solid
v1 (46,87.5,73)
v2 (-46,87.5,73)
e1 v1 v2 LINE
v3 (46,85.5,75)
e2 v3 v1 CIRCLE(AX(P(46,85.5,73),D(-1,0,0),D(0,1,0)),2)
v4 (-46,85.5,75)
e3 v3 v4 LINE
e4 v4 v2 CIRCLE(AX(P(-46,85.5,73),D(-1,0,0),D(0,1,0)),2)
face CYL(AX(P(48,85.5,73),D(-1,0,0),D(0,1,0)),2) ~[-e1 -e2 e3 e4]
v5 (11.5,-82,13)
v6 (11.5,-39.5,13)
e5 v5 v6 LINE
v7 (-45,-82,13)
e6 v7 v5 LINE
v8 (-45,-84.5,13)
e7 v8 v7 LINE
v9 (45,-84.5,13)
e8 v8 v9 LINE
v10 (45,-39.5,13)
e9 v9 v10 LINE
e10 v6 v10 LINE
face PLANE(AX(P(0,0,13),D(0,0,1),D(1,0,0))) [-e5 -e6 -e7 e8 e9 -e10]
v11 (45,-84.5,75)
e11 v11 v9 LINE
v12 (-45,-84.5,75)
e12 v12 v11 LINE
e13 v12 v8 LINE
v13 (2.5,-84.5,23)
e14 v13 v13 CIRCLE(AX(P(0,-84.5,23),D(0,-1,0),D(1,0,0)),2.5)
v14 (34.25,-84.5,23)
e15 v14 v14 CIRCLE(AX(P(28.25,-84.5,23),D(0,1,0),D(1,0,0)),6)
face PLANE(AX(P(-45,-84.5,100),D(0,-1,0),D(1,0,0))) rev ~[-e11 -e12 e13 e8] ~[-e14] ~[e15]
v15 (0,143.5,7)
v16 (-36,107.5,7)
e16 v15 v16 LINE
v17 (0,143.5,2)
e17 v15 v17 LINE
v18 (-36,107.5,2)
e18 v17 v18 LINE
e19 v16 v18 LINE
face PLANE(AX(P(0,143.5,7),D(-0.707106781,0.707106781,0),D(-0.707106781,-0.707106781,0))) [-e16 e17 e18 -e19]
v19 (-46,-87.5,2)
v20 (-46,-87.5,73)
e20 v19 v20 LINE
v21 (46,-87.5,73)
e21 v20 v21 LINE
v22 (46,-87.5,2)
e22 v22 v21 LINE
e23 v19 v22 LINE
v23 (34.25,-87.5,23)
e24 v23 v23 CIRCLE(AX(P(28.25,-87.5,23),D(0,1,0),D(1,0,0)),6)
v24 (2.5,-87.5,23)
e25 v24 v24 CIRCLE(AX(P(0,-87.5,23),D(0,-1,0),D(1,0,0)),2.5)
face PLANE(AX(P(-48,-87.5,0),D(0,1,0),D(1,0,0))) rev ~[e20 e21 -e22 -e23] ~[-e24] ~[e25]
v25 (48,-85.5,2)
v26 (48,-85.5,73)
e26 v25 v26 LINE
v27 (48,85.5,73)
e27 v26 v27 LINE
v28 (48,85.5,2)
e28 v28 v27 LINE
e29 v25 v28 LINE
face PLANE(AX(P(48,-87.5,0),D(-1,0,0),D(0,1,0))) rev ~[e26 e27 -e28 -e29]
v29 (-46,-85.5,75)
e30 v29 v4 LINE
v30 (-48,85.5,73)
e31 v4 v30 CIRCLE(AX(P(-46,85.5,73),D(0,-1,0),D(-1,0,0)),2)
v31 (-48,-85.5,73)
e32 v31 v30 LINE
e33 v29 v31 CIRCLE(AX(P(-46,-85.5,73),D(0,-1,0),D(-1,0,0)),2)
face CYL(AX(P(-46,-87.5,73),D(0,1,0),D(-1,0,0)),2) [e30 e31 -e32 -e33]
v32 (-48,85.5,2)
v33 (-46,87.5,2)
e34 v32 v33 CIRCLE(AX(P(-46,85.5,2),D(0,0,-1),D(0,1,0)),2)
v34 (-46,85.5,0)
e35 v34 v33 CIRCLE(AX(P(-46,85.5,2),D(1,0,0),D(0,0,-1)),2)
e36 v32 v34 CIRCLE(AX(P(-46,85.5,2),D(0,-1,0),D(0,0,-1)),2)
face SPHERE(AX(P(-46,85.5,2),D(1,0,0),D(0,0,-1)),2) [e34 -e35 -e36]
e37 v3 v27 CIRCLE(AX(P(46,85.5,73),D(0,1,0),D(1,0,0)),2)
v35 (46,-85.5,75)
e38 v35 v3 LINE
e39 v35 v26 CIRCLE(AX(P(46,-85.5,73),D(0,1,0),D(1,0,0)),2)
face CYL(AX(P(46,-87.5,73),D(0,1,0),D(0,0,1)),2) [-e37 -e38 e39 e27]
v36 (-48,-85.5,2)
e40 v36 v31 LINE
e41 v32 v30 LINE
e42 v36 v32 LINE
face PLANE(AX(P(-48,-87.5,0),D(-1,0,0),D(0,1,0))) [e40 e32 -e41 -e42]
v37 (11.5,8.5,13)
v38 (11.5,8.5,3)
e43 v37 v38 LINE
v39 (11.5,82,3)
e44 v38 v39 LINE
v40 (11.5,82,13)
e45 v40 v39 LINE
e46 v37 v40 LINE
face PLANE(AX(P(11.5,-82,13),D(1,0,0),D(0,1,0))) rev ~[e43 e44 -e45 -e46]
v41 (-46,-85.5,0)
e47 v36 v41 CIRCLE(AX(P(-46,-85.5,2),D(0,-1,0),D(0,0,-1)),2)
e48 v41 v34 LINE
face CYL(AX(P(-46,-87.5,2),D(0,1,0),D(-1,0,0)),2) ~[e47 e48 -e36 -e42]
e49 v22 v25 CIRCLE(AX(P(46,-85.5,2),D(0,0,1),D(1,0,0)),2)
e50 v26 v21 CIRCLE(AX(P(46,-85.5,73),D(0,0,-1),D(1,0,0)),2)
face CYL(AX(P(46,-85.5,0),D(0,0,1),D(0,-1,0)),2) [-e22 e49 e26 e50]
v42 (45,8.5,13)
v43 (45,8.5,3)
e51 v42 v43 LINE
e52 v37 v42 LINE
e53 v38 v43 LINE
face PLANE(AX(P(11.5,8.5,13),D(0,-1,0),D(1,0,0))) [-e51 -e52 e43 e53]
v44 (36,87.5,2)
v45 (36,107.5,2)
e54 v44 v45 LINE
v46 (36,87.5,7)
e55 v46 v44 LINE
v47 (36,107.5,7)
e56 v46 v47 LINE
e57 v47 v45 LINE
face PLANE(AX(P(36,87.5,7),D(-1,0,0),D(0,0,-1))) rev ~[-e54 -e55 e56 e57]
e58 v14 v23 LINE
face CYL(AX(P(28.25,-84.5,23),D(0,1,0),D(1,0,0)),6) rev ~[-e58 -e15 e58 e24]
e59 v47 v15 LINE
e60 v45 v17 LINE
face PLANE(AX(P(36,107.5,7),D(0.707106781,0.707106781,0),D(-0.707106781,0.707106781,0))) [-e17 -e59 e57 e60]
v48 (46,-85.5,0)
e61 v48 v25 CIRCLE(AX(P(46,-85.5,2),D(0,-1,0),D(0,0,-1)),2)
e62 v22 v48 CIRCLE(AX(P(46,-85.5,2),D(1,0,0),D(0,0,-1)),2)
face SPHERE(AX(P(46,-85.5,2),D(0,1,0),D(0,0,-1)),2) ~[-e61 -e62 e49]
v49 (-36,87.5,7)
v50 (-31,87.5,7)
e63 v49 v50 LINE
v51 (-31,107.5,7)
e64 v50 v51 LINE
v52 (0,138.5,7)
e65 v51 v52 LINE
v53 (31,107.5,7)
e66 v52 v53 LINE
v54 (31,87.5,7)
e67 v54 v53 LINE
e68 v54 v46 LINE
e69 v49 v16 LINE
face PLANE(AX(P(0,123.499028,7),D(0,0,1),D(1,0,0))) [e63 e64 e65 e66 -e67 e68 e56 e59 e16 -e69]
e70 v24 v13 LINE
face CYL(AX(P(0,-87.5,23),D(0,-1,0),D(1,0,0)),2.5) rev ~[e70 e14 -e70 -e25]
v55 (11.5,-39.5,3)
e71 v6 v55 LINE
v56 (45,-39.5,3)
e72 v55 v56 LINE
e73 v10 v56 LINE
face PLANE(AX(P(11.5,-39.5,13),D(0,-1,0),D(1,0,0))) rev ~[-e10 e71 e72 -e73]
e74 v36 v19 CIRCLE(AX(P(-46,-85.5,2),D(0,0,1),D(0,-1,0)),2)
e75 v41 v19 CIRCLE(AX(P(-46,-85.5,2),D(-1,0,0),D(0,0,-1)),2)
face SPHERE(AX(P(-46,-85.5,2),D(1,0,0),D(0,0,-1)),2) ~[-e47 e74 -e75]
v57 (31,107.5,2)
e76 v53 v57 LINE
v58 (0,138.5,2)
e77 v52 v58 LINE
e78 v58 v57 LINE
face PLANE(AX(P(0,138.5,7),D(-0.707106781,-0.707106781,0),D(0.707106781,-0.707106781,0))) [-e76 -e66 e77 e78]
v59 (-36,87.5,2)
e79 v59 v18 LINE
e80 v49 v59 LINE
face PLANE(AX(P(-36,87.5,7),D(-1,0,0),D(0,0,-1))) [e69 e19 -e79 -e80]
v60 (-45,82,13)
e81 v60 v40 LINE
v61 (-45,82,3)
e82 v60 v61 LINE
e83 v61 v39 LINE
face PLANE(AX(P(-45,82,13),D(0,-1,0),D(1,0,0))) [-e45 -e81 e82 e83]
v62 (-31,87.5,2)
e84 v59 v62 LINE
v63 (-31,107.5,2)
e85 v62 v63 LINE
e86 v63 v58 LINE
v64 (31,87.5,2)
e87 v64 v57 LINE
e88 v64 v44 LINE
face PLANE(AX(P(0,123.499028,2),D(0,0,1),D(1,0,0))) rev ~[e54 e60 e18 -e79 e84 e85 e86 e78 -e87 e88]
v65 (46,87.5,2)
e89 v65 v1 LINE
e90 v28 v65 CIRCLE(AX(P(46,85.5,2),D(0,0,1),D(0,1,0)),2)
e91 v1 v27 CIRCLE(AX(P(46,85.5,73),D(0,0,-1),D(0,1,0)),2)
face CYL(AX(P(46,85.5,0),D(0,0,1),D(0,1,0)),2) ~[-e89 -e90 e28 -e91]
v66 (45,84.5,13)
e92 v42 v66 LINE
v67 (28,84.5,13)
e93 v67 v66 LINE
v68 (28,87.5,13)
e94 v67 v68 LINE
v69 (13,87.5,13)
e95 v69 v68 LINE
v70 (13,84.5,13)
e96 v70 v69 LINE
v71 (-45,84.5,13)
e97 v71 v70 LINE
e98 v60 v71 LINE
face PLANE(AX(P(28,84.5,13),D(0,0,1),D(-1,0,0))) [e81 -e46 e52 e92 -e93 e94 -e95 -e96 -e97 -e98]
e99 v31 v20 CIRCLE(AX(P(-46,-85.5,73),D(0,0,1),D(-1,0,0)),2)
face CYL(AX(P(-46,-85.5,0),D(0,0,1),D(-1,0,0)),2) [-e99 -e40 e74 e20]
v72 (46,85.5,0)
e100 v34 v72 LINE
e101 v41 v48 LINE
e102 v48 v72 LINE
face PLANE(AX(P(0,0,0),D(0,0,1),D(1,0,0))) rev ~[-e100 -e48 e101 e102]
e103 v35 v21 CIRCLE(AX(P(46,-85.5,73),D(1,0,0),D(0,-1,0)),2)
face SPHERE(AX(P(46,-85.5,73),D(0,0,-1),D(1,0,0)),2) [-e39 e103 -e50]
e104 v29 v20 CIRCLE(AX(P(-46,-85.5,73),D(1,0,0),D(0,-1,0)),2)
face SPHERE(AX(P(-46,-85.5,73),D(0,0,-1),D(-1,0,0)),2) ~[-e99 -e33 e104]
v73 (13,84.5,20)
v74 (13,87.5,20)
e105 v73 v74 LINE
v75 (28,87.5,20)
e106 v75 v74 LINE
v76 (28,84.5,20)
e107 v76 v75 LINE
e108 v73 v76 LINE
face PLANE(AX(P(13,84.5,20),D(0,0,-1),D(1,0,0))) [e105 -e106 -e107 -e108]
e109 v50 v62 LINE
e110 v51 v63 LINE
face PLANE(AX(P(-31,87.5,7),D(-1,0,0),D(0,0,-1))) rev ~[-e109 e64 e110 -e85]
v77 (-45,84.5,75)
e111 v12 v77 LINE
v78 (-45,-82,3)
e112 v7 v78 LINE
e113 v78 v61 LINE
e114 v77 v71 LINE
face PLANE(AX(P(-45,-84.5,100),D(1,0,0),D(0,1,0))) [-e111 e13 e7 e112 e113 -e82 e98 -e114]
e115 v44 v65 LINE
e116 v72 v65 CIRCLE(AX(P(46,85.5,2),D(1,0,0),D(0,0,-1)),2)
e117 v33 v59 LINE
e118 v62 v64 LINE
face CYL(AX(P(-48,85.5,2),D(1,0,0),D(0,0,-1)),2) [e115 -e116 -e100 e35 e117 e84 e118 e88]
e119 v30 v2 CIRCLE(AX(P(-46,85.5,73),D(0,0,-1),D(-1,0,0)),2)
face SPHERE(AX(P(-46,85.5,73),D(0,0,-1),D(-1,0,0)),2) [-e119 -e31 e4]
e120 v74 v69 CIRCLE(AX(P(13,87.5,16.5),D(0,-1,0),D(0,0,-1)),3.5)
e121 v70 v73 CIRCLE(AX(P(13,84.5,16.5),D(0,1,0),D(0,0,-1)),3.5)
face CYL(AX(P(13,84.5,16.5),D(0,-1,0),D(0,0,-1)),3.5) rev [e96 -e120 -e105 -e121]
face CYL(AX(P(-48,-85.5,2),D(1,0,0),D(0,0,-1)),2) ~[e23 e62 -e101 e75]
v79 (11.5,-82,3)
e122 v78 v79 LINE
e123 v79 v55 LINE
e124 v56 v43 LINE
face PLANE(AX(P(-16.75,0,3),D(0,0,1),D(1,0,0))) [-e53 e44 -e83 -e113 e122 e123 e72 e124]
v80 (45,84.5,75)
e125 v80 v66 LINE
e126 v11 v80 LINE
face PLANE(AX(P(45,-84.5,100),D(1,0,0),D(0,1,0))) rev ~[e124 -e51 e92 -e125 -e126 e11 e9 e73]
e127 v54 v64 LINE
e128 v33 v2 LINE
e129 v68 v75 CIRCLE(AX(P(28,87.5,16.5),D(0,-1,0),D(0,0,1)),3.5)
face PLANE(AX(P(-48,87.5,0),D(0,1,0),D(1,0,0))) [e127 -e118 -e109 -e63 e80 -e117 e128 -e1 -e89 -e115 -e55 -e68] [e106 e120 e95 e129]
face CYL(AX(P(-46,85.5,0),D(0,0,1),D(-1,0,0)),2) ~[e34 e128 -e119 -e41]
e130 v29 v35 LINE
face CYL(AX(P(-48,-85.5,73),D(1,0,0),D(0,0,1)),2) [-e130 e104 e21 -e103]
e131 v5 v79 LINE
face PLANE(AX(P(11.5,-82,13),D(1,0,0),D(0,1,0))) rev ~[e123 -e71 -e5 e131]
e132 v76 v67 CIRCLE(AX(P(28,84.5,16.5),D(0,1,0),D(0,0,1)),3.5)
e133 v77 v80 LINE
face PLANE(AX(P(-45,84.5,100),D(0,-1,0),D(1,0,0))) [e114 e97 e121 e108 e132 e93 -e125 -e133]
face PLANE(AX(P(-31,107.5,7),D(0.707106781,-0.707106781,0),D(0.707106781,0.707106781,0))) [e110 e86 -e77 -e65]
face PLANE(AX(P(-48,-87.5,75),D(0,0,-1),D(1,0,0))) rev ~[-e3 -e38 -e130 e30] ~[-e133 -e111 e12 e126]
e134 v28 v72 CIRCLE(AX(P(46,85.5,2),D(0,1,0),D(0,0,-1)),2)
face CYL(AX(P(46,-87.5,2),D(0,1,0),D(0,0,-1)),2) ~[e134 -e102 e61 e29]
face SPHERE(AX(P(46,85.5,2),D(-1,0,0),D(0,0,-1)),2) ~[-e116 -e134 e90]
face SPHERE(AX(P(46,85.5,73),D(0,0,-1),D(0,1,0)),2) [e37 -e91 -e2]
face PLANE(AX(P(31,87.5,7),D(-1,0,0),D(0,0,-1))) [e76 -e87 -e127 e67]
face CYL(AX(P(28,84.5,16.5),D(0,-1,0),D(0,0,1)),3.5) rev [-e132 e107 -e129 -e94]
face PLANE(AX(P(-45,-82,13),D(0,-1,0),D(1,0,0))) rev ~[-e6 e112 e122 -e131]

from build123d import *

# Parameters (mm, degrees)
SKETCH1_W           = 96
SKETCH1_H           = 175
BOSS_EXTRUDE1_DEPTH = 100
SKETCH2_W           = 90
SKETCH2_H           = 169
CUT_EXTRUDE1_DEPTH  = 87
SKETCH3_W           = 56.5
SKETCH3_H           = 164
CUT_EXTRUDE2_DEPTH  = 10
SKETCH5_R           = 6
CUT_EXTRUDE3_DEPTH  = 10
SKETCH6_W           = 33.5
SKETCH6_H           = 48
CUT_EXTRUDE4_DEPTH  = 10
CUT_EXTRUDE6_DEPTH  = 10
SKETCH10_W          = 96
SKETCH10_H          = 25
CUT_EXTRUDE8_DEPTH  = 200
FILLET1_R           = 2
SKETCH11_R          = 2.5
CUT_EXTRUDE9_DEPTH  = 5
SKETCH12_W          = 5
SKETCH12_H          = 5
BOSS_EXTRUDE2_DEPTH = 20
BOSS_EXTRUDE5_DEPTH = 5


with BuildPart() as part:
    # Sketch1 → Boss-Extrude1 (new body)
    with BuildSketch(Plane.XY):
        Rectangle(SKETCH1_W, SKETCH1_H)
    extrude(amount=BOSS_EXTRUDE1_DEPTH)

    # Sketch2 → Cut-Extrude1 (cut)
    with BuildSketch(Plane.XY.offset(100)):
        Rectangle(SKETCH2_W, SKETCH2_H)
    extrude(amount=-CUT_EXTRUDE1_DEPTH, mode=Mode.SUBTRACT)

    # Sketch3 → Cut-Extrude2 (cut)
    with BuildSketch(Plane.XY.offset(13)):
        with Locations((-16.75, 0)):
            Rectangle(SKETCH3_W, SKETCH3_H)
    extrude(amount=-CUT_EXTRUDE2_DEPTH, mode=Mode.SUBTRACT)

    # Sketch5 → Cut-Extrude3 (cut)
    with BuildSketch(Plane(origin=(0, -84.5, 0), x_dir=(1, 0, 0), z_dir=(0, 1, 0))):
        with Locations((28.25, -23)):
            Circle(SKETCH5_R)
    extrude(amount=-CUT_EXTRUDE3_DEPTH, mode=Mode.SUBTRACT)

    # Sketch6 → Cut-Extrude4 (cut)
    with BuildSketch(Plane.XY.offset(13)):
        with Locations((28.25, -15.5)):
            Rectangle(SKETCH6_W, SKETCH6_H)
    extrude(amount=-CUT_EXTRUDE4_DEPTH, mode=Mode.SUBTRACT)

    # Sketch9 → Cut-Extrude6 (cut)
    with BuildSketch(Plane.XZ.offset(-84.5)):
        with BuildLine():
            Line((13, 20), (28, 20))
            ThreePointArc((28, 20), (31.5, 16.5), (28, 13))
            Line((28, 13), (13, 13))
            ThreePointArc((13, 13), (9.5, 16.5), (13, 20))
        make_face()
    extrude(amount=-CUT_EXTRUDE6_DEPTH, mode=Mode.SUBTRACT)

    # Sketch10 → Cut-Extrude8 (cut)
    with BuildSketch(Plane.XZ.offset(87.5)):
        with Locations((0, 87.5)):
            Rectangle(SKETCH10_W, SKETCH10_H)
    extrude(amount=-CUT_EXTRUDE8_DEPTH, mode=Mode.SUBTRACT)

    # Fillet1
    fillet1_edges = [part.edges().sort_by_distance(p)[0] for p in [
        (0, 87.5, 0),
        (48, 0, 0),
        (0, -87.5, 0),
        (-48, 0, 0),
        (-48, 87.5, 37.5),
        (48, 87.5, 37.5),
        (48, -87.5, 37.5),
        (-48, -87.5, 37.5),
        (-48, 0, 75),
        (0, 87.5, 75),
        (48, 0, 75),
        (0, -87.5, 75),
    ]]
    fillet(fillet1_edges, radius=FILLET1_R)

    # Sketch11 → Cut-Extrude9 (cut)
    with BuildSketch(Plane.XZ.offset(87.5)):
        with Locations((0, 23)):
            Circle(SKETCH11_R)
    extrude(amount=-CUT_EXTRUDE9_DEPTH, mode=Mode.SUBTRACT)

    # Sketch12 → Boss-Extrude2 (add)
    with BuildSketch(Plane(origin=(0, 87.5, 0), x_dir=(1, 0, 0), z_dir=(0, 1, 0))):
        with Locations((-33.5, -4.5)):
            Rectangle(SKETCH12_W, SKETCH12_H)
        with Locations((33.5, -4.5)):
            Rectangle(SKETCH12_W, SKETCH12_H)
    extrude(amount=BOSS_EXTRUDE2_DEPTH)

    # Sketch15 → Boss-Extrude5 (add)
    with BuildSketch(Plane.XY.offset(7)):
        Polygon((-31, 107.5), (0, 138.5), (31, 107.5), (36, 107.5), (0, 143.5), (-36, 107.5), align=None)
    extrude(amount=-BOSS_EXTRUDE5_DEPTH)


solid = part.part
